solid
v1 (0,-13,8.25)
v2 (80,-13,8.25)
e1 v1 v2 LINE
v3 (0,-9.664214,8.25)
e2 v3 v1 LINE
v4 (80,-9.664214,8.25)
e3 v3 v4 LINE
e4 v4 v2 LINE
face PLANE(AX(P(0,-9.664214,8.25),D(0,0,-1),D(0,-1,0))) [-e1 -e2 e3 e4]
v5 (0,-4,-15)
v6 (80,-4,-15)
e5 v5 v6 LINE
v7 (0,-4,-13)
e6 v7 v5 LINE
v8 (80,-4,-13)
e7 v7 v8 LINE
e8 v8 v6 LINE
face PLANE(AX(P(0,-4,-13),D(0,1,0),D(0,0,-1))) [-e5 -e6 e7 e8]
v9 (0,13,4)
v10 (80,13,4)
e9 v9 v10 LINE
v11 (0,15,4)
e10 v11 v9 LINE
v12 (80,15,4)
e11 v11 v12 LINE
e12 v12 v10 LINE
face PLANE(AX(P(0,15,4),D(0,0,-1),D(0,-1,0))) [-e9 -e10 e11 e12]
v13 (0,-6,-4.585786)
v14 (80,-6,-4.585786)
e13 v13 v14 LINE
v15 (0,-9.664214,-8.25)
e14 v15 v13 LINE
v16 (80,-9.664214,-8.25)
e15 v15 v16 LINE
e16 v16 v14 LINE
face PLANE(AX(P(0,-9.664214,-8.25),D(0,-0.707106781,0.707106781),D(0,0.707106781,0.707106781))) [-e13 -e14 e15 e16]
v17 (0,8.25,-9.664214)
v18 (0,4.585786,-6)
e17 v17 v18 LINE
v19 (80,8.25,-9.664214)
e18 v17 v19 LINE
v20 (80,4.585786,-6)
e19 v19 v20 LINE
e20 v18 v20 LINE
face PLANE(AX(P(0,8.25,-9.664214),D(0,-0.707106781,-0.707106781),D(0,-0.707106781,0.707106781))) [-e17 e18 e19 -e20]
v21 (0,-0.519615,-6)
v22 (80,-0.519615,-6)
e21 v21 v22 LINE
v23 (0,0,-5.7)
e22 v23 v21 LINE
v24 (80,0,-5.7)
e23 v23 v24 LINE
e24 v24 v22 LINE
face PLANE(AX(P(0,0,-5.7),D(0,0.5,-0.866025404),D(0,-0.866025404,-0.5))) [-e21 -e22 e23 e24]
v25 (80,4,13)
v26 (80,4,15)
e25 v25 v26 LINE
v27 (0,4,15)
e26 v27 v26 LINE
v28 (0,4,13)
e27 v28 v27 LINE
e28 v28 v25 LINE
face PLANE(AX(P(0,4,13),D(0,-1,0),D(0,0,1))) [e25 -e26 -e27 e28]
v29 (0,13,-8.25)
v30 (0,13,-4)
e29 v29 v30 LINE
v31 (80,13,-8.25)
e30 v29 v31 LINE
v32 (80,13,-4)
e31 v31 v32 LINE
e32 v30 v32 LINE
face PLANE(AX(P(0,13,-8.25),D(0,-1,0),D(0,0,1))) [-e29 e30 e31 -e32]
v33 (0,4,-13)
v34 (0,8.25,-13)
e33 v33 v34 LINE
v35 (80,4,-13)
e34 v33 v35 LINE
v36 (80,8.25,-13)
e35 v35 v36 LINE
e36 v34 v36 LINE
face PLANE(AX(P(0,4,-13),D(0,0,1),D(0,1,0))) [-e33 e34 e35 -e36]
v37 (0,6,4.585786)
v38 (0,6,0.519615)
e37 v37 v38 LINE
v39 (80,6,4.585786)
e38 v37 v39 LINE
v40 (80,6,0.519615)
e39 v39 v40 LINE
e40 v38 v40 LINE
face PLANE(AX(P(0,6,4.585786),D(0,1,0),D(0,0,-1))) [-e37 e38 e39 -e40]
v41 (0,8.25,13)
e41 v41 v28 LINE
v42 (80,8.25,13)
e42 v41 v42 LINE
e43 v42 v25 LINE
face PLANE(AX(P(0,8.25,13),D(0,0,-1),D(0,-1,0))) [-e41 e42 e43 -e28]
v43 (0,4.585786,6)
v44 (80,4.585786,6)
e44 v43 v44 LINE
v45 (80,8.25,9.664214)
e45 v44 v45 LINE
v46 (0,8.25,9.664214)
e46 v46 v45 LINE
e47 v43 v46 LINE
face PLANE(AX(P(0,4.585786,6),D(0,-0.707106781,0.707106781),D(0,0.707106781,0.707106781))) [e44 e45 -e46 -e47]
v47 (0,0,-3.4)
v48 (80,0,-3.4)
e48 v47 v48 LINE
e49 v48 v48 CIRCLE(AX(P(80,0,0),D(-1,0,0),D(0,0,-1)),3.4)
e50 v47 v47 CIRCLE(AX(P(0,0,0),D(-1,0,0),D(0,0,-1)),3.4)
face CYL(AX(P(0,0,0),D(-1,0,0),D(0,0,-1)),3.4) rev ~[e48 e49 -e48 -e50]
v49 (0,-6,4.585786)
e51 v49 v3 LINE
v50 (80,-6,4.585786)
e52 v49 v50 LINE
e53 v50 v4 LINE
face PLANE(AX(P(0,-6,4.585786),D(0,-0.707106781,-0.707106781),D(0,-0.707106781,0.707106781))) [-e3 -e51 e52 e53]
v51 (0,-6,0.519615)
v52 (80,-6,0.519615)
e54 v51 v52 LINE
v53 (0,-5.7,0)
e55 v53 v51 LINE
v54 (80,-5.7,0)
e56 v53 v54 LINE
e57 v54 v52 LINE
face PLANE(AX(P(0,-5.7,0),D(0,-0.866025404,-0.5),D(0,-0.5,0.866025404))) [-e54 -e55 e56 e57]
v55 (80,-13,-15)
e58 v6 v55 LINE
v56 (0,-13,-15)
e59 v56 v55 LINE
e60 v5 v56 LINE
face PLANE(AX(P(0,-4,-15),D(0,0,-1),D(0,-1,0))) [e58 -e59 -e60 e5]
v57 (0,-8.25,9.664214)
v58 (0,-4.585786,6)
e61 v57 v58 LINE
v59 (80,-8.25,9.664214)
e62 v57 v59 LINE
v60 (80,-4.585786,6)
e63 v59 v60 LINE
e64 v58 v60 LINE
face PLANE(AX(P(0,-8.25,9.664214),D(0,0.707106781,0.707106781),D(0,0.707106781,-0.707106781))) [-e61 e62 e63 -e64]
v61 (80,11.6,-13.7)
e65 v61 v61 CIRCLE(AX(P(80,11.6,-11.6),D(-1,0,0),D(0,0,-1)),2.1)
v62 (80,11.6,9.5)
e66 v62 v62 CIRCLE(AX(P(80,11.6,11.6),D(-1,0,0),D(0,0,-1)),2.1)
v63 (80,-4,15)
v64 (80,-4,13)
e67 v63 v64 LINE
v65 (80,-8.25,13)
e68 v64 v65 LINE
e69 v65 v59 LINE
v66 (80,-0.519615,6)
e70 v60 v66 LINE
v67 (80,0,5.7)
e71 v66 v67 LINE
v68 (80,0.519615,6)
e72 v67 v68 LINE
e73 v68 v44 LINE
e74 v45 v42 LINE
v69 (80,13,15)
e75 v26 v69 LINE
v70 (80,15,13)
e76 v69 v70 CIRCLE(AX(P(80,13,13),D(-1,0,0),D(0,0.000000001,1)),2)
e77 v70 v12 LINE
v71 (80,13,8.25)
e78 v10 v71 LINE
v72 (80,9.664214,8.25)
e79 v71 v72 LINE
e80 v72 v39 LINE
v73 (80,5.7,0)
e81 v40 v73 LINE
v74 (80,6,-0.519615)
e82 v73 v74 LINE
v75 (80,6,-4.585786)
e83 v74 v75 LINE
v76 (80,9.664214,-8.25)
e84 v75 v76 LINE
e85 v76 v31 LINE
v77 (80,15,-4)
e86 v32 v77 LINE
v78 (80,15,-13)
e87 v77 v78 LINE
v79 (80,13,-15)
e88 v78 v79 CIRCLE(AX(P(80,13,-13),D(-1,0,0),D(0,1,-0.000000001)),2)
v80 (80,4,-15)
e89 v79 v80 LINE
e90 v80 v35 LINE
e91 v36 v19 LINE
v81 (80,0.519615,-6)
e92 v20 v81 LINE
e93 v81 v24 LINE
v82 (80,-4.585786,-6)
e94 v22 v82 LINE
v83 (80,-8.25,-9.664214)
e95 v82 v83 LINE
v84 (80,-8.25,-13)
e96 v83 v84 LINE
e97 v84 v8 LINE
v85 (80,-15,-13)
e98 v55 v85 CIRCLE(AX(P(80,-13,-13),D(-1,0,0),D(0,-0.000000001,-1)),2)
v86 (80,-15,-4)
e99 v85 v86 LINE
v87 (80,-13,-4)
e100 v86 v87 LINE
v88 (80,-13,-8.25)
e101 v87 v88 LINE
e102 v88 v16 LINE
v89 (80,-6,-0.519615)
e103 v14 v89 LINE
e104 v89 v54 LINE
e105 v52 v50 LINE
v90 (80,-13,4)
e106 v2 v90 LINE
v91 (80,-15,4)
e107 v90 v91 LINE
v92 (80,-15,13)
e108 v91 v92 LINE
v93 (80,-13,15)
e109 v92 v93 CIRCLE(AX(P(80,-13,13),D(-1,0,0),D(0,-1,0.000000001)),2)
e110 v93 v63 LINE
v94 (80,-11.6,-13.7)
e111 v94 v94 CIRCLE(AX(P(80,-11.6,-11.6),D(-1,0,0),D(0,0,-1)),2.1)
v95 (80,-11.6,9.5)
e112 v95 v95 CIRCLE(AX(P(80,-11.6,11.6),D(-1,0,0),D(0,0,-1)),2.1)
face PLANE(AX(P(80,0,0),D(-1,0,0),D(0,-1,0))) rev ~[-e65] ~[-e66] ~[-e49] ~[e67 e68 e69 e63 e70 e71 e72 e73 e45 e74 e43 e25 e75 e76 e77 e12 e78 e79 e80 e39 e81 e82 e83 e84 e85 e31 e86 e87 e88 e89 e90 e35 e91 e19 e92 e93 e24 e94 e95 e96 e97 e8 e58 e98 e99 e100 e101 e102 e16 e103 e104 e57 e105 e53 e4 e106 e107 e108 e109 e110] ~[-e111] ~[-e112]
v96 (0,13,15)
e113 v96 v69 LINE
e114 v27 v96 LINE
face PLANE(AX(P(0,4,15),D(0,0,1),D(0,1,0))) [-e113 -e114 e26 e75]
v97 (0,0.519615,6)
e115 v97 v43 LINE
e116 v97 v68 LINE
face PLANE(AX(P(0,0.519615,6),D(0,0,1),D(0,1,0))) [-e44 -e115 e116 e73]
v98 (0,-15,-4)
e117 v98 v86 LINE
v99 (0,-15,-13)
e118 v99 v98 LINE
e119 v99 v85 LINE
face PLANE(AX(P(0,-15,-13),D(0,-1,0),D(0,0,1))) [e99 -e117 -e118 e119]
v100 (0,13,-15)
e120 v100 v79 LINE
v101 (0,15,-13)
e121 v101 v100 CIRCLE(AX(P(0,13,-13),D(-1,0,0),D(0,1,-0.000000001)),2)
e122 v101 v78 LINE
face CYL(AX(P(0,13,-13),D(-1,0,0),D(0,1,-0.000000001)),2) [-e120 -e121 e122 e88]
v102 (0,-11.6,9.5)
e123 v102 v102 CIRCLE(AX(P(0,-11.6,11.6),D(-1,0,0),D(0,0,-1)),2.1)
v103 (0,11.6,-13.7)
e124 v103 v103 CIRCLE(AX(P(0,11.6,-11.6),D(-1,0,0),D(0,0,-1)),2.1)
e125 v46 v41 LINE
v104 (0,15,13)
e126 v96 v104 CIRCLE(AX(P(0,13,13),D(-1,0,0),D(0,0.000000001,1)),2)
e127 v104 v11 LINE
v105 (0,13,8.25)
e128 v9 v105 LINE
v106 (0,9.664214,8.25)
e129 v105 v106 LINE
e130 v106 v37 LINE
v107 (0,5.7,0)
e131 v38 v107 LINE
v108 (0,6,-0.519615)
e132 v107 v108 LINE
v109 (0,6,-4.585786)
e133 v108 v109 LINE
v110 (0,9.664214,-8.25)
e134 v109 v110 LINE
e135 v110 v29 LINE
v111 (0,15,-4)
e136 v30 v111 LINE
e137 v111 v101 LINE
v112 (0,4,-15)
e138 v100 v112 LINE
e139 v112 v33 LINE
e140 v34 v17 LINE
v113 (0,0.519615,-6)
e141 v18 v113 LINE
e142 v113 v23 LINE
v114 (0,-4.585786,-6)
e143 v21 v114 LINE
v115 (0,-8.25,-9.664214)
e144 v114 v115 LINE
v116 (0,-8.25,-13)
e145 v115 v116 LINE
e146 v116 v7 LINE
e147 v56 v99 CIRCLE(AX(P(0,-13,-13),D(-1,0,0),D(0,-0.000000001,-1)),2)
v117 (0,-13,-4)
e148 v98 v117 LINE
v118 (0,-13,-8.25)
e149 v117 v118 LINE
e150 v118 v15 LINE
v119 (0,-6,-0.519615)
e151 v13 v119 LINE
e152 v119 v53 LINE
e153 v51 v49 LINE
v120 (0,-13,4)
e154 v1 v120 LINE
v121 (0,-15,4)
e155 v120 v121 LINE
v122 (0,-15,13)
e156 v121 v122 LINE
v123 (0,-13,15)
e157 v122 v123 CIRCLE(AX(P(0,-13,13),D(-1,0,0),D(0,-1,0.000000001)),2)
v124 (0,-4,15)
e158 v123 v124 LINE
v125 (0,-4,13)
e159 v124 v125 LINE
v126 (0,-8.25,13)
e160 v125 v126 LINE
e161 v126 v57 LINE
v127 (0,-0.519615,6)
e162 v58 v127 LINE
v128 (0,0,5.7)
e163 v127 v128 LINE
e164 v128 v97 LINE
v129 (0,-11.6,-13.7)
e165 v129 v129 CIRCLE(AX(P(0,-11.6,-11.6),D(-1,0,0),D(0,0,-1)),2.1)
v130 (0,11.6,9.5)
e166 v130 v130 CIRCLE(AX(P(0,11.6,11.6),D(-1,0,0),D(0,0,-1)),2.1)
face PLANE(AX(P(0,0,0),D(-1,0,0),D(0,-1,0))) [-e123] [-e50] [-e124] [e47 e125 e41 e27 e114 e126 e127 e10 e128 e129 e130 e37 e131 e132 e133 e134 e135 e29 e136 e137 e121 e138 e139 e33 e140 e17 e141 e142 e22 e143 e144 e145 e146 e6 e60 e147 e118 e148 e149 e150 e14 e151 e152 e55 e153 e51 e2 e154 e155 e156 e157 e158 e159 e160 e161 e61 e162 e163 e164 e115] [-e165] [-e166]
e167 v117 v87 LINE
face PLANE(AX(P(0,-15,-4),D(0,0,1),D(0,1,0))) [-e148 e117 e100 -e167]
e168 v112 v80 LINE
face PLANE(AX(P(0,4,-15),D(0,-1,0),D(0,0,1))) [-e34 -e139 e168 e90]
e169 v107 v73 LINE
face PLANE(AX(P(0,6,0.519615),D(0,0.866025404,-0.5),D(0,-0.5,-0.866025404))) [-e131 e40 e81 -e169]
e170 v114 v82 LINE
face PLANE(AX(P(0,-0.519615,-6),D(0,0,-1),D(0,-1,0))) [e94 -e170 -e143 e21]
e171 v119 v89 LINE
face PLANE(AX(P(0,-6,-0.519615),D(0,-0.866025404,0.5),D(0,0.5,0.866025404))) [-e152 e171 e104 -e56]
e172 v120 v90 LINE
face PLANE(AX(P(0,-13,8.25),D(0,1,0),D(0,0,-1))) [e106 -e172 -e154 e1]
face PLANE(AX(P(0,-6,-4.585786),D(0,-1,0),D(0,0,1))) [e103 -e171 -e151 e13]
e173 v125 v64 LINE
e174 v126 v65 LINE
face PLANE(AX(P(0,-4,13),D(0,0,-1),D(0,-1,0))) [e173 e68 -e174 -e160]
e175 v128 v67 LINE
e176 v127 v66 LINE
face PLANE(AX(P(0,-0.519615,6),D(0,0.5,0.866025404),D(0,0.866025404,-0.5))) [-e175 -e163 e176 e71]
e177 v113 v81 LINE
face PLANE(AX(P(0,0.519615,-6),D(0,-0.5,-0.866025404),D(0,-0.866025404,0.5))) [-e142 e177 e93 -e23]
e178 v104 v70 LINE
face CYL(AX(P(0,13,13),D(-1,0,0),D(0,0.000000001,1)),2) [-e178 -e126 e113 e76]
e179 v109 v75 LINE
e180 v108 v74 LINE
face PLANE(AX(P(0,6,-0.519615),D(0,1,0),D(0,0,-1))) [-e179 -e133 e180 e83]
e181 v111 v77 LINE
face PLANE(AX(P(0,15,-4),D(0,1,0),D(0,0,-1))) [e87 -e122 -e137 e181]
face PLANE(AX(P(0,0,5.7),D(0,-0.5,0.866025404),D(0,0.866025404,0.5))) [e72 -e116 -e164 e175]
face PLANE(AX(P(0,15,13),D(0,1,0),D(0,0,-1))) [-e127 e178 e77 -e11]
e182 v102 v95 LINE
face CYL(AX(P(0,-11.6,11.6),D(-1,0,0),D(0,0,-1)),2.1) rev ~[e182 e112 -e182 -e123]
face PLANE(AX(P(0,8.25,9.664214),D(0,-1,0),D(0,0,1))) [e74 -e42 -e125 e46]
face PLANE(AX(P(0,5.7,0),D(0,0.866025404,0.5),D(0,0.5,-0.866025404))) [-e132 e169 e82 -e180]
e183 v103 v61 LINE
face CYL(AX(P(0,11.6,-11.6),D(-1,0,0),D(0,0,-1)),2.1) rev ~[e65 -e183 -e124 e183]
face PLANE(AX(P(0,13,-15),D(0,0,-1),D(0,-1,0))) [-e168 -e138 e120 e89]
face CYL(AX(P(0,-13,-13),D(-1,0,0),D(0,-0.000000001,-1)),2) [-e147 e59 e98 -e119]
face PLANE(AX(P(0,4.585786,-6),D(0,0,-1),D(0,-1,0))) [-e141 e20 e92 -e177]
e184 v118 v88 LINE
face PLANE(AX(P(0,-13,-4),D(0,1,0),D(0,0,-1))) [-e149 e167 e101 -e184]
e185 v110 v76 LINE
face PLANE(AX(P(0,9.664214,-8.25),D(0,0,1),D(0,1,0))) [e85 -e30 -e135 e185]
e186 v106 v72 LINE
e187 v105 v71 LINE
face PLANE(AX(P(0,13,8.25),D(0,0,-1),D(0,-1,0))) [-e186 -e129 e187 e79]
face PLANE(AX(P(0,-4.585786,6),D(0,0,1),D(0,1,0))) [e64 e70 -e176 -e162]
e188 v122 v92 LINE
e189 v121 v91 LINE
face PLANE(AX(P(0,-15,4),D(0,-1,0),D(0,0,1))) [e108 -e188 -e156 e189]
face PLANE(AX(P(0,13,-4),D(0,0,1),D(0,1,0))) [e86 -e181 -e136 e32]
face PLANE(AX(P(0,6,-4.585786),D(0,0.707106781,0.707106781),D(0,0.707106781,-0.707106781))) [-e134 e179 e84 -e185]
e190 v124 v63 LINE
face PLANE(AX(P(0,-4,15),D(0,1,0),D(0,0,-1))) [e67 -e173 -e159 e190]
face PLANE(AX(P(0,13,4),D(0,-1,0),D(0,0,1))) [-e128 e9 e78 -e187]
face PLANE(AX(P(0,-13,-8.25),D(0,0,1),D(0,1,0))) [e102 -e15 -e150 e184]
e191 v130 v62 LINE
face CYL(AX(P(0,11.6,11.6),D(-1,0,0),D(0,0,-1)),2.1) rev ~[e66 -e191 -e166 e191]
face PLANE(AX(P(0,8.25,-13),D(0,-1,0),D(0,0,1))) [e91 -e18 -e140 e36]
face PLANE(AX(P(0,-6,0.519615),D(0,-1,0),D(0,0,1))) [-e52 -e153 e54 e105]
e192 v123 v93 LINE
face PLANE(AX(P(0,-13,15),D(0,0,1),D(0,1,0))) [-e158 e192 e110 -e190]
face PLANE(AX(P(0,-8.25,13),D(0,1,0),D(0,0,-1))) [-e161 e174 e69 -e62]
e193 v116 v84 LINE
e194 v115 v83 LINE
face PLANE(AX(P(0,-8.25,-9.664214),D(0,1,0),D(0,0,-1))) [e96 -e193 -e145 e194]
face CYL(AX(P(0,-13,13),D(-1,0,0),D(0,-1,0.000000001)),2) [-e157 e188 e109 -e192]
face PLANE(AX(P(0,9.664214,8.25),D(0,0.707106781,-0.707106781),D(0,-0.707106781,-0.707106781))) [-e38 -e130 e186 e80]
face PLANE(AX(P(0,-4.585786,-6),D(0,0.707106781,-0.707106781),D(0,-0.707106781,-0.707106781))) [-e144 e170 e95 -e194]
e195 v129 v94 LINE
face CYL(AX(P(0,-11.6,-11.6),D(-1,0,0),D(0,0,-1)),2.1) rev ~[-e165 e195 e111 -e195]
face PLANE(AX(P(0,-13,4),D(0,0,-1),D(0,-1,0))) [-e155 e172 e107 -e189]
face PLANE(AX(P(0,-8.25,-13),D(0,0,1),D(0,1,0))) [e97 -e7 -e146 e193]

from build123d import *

# Parameters (mm, degrees)
SKETCH1_R           = 3.4
SKETCH1_R_2         = 2.1
BOSS_EXTRUDE1_DEPTH = 80


with BuildPart() as part:
    # Sketch1 → Boss-Extrude1 (new body)
    with BuildSketch(Plane(origin=(0, 0, 0), x_dir=(0, -1, 0), z_dir=(-1, 0, 0))):
        with BuildLine():
            Line((13, -4), (13, -8.25))
            Line((13, -8.25), (9.664213562, -8.25))
            Line((9.664213562, -8.25), (6, -4.585786438))
            Line((6, -4.585786438), (6, -0.519615242))
            Line((6, -0.519615242), (5.7, 0))
            Line((5.7, 0), (6, 0.519615242))
            Line((6, 0.519615242), (6, 4.585786438))
            Line((6, 4.585786438), (9.664213562, 8.25))
            Line((9.664213562, 8.25), (13, 8.25))
            Line((13, 8.25), (13, 4))
            Line((13, 4), (15, 4))
            Line((15, 4), (15, 13))
            ThreePointArc((15, 13), (14.414213562, 14.414213562), (13, 15))
            Line((13, 15), (4, 15))
            Line((4, 15), (4, 13))
            Line((4, 13), (8.25, 13))
            Line((8.25, 13), (8.25, 9.664213562))
            Line((8.25, 9.664213562), (4.585786438, 6))
            Line((4.585786438, 6), (0.519615242, 6))
            Line((0.519615242, 6), (0, 5.7))
            Line((0, 5.7), (-0.519615242, 6))
            Line((-0.519615242, 6), (-4.585786438, 6))
            Line((-4.585786438, 6), (-8.25, 9.664213562))
            Line((-8.25, 9.664213562), (-8.25, 13))
            Line((-8.25, 13), (-4, 13))
            Line((-4, 13), (-4, 15))
            Line((-4, 15), (-13, 15))
            ThreePointArc((-13, 15), (-14.414213562, 14.414213562), (-15, 13))
            Line((-15, 13), (-15, 4))
            Line((-15, 4), (-13, 4))
            Line((-13, 4), (-13, 8.25))
            Line((-13, 8.25), (-9.664213562, 8.25))
            Line((-9.664213562, 8.25), (-6, 4.585786438))
            Line((-6, 4.585786438), (-6, 0.519615242))
            Line((-6, 0.519615242), (-5.7, 0))
            Line((-5.7, 0), (-6, -0.519615242))
            Line((-6, -0.519615242), (-6, -4.585786438))
            Line((-6, -4.585786438), (-9.664213562, -8.25))
            Line((-9.664213562, -8.25), (-13, -8.25))
            Line((-13, -8.25), (-13, -4))
            Line((-13, -4), (-15, -4))
            Line((-15, -4), (-15, -13))
            ThreePointArc((-15, -13), (-14.414213562, -14.414213562), (-13, -15))
            Line((-13, -15), (-4, -15))
            Line((-4, -15), (-4, -13))
            Line((-4, -13), (-8.25, -13))
            Line((-8.25, -13), (-8.25, -9.664213562))
            Line((-8.25, -9.664213562), (-4.585786438, -6))
            Line((-4.585786438, -6), (-0.519615242, -6))
            Line((-0.519615242, -6), (0, -5.7))
            Line((0, -5.7), (0.519615242, -6))
            Line((0.519615242, -6), (4.585786438, -6))
            Line((4.585786438, -6), (8.25, -9.664213562))
            Line((8.25, -9.664213562), (8.25, -13))
            Line((8.25, -13), (4, -13))
            Line((4, -13), (4, -15))
            Line((4, -15), (13, -15))
            ThreePointArc((13, -15), (14.414213562, -14.414213562), (15, -13))
            Line((15, -13), (15, -4))
            Line((15, -4), (13, -4))
        make_face()
        with Locations(Location((0, 0, 0), (0, 0, 270))):
            Circle(SKETCH1_R, mode=Mode.SUBTRACT)
        with Locations(Location((11.6, -11.6, 0), (0, 0, 270))):
            Circle(SKETCH1_R_2, mode=Mode.SUBTRACT)
        with Locations(Location((11.6, 11.6, 0), (0, 0, 270))):
            Circle(SKETCH1_R_2, mode=Mode.SUBTRACT)
        with Locations(Location((-11.6, 11.6, 0), (0, 0, 270))):
            Circle(SKETCH1_R_2, mode=Mode.SUBTRACT)
        with Locations(Location((-11.6, -11.6, 0), (0, 0, 270))):
            Circle(SKETCH1_R_2, mode=Mode.SUBTRACT)
    extrude(amount=-BOSS_EXTRUDE1_DEPTH)


solid = part.part
